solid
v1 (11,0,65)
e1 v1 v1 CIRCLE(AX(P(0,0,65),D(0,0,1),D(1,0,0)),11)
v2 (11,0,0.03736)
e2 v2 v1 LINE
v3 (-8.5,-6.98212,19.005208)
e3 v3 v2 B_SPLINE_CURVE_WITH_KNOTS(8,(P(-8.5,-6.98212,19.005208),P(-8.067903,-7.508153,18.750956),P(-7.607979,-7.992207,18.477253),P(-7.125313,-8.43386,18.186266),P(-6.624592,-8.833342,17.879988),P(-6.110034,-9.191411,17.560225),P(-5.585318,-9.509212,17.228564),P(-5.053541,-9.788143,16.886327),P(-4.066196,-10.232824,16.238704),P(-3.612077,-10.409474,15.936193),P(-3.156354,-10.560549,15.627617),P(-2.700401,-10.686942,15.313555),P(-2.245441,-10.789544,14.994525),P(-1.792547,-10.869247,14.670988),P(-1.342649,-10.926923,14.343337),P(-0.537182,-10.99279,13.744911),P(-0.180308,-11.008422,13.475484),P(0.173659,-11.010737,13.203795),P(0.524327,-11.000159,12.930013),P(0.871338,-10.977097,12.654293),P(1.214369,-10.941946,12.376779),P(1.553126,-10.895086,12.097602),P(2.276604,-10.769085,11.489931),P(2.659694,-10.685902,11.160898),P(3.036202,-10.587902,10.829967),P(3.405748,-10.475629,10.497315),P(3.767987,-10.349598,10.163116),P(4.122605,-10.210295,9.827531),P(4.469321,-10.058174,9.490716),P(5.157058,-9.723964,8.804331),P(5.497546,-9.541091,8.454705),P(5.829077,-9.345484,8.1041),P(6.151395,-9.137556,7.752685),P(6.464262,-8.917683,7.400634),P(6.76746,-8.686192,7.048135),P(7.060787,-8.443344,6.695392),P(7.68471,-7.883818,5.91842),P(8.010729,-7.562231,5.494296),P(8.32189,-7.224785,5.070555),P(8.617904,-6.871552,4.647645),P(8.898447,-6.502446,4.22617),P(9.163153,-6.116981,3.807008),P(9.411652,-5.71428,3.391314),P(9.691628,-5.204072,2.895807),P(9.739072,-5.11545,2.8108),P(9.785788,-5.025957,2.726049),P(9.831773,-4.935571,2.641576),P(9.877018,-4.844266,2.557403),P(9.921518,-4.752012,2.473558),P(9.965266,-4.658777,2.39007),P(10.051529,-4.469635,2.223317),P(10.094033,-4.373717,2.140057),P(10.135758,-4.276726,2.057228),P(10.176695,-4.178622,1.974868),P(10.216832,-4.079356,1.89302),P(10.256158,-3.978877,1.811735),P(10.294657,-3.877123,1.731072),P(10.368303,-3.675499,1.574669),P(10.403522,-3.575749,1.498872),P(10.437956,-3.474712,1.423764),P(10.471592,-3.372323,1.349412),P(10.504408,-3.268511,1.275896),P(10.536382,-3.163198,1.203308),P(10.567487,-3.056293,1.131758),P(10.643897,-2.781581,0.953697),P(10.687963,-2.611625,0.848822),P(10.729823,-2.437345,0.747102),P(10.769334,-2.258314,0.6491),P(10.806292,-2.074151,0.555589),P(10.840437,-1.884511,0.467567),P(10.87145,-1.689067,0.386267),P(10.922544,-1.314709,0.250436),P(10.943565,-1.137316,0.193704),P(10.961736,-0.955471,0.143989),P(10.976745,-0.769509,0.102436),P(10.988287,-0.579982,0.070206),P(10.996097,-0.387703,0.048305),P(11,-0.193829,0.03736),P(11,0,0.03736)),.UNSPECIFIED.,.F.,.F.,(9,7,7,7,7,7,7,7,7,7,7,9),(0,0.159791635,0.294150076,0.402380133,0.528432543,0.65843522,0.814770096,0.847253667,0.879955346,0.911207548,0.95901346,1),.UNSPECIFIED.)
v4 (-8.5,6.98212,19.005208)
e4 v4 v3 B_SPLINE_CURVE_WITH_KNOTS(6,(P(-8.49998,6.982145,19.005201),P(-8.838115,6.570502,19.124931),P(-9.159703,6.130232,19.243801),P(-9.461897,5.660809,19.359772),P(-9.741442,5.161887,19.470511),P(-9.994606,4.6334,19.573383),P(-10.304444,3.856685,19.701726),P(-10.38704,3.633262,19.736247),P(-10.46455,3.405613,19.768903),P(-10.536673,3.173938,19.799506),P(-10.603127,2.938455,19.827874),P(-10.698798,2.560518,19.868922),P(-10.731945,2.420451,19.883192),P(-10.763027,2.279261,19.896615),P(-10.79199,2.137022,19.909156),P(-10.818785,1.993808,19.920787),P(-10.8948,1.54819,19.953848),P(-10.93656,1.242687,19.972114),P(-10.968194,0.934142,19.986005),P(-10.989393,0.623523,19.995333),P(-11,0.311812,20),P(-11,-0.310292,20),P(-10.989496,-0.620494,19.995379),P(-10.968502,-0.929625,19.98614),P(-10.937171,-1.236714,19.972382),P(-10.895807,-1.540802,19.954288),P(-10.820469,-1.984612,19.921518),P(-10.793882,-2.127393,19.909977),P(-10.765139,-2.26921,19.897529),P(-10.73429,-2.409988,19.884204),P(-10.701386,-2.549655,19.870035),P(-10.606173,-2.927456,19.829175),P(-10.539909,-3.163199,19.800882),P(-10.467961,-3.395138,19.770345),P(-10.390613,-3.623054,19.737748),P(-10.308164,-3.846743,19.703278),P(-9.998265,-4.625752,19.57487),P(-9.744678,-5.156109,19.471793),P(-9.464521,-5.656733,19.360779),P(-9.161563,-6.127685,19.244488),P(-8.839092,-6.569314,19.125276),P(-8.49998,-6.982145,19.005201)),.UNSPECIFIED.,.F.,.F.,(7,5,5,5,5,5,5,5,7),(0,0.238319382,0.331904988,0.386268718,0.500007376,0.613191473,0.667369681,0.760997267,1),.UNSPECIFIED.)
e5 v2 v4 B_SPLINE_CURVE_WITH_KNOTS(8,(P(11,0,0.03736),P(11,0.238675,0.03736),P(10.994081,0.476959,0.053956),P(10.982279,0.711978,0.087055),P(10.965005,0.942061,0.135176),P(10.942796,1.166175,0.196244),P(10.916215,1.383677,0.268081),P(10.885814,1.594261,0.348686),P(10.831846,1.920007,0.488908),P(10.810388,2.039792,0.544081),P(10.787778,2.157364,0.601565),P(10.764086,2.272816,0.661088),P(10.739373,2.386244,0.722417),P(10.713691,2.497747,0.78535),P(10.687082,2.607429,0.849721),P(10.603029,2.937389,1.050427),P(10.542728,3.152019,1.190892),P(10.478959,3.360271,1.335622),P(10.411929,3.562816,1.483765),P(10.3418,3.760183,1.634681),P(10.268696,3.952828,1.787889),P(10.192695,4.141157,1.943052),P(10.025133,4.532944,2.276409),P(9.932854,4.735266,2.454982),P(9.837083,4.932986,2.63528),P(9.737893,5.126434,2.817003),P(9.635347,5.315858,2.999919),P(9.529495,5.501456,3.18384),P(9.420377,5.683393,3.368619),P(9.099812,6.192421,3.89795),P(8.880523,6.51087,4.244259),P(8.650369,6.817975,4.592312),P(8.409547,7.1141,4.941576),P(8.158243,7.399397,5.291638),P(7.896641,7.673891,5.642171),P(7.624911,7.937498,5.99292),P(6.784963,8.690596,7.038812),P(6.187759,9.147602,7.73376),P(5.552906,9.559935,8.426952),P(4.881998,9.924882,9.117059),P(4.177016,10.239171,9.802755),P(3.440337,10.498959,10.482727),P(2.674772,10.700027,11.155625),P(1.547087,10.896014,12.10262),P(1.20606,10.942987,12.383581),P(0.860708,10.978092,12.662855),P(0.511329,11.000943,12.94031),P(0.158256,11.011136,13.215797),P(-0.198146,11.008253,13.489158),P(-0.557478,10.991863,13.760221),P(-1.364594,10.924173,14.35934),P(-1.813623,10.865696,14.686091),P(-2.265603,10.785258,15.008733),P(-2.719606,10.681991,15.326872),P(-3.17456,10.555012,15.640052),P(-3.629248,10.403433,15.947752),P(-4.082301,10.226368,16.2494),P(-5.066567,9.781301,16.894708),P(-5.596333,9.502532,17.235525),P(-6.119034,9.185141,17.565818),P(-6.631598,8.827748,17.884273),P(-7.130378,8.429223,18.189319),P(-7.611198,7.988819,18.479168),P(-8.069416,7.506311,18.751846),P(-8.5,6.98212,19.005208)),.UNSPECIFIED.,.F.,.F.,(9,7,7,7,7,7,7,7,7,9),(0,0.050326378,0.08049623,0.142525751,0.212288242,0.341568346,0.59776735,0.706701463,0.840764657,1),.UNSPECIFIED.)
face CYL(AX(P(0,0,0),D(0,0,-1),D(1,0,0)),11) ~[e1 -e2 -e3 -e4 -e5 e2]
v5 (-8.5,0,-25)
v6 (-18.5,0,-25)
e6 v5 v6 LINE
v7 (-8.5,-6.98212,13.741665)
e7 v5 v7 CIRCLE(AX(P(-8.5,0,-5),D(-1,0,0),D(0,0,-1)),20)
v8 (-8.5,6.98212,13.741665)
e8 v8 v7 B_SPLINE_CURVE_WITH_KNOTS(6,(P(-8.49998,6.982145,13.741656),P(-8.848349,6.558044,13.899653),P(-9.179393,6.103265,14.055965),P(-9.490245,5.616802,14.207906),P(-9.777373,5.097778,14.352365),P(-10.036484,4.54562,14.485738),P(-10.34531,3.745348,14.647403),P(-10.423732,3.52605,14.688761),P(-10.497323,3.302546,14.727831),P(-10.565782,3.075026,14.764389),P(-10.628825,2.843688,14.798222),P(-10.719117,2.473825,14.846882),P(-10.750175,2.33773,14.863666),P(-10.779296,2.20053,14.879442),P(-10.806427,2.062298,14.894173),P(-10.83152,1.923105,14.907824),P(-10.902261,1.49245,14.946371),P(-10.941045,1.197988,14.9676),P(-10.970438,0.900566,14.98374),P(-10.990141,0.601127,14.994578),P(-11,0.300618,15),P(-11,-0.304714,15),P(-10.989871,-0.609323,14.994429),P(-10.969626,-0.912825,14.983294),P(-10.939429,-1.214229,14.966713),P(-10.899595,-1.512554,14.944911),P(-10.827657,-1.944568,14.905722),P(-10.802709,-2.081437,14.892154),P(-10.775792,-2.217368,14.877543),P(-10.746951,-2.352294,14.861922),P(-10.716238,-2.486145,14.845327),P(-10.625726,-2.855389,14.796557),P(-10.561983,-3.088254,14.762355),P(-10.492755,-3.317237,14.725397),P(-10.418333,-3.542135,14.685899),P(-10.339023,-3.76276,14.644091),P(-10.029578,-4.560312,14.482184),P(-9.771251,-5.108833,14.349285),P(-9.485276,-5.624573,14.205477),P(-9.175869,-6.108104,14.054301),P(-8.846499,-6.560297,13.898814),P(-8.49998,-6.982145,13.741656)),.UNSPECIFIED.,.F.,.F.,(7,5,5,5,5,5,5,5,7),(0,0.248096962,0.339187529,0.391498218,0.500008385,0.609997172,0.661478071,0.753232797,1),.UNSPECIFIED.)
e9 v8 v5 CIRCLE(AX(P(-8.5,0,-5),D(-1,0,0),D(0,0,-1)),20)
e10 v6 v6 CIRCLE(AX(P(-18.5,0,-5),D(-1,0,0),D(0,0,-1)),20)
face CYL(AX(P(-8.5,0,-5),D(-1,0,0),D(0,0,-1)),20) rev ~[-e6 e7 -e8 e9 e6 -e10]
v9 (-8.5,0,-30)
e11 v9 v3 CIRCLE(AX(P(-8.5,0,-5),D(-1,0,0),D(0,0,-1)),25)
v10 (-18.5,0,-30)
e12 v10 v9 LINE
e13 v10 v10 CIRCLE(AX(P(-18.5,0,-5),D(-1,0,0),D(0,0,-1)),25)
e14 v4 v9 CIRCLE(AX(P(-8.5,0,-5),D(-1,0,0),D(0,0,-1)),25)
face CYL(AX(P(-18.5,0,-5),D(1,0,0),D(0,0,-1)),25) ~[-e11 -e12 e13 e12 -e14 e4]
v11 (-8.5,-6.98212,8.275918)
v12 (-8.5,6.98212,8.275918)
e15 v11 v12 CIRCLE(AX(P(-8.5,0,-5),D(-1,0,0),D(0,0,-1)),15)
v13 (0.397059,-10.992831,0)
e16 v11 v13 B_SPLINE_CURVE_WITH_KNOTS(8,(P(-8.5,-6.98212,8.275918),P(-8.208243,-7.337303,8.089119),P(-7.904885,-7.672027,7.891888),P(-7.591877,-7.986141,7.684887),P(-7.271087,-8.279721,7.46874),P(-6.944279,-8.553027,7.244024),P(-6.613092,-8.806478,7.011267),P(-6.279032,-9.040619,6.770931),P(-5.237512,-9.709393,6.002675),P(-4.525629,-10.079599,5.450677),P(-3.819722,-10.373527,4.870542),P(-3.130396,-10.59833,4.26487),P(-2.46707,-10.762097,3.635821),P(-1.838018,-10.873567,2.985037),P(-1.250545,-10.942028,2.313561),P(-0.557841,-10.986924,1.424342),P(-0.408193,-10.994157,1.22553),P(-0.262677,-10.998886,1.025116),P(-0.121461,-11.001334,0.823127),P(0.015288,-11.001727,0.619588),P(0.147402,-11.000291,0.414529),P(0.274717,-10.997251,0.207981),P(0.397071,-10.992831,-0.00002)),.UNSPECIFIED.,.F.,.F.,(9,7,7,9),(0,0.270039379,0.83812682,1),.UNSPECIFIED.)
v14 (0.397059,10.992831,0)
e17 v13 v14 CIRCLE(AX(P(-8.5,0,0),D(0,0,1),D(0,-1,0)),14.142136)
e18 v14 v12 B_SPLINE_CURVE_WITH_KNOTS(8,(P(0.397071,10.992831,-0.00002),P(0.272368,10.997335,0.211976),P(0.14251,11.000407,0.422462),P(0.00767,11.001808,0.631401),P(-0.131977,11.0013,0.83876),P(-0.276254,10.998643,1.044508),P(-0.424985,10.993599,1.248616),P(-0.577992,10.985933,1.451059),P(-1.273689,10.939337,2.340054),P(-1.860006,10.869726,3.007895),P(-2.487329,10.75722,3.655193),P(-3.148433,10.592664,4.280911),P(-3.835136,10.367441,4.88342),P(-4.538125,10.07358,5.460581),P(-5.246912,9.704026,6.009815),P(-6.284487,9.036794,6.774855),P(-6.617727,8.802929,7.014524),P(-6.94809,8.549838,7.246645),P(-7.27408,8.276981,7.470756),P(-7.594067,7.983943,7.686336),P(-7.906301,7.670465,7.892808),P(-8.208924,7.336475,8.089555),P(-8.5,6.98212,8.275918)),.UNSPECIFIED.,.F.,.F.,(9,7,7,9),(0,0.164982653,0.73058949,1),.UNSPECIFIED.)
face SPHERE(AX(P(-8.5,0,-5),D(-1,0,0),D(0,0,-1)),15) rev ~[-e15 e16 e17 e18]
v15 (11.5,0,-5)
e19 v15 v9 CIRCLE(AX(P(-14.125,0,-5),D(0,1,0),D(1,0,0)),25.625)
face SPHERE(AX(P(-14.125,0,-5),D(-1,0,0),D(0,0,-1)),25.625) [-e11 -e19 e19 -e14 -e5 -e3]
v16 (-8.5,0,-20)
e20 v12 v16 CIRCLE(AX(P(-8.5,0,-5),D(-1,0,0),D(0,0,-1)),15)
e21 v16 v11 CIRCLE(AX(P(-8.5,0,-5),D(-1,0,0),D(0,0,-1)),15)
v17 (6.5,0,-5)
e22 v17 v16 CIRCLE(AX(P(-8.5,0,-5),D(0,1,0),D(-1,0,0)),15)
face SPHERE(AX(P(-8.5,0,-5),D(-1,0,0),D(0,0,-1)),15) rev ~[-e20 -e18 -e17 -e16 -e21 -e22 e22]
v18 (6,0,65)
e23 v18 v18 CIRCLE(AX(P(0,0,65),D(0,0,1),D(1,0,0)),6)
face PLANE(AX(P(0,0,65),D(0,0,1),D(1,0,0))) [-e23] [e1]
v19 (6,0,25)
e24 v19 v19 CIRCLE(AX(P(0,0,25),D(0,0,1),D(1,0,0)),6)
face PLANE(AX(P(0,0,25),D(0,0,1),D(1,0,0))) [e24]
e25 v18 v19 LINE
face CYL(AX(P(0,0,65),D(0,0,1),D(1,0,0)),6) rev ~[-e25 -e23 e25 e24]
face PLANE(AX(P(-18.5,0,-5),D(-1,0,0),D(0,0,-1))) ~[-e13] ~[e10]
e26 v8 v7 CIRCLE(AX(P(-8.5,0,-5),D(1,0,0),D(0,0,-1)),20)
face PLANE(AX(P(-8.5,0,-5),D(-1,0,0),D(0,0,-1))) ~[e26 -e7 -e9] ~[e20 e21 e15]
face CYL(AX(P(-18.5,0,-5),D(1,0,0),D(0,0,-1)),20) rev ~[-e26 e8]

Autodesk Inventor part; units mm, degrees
ref_plane "YZ Plane" through (0, 0, 0) normal (1, 0, 0) x (0, 1, 0)
ref_plane "XZ Plane" through (0, 0, 0) normal (0, 1, 0) x (-1, 0, 0)
ref_plane "XY Plane" through (0, 0, 0) normal (0, 0, 1) x (1, 0, 0)
sketch "Sketch2" plane through (0, 0, 0) normal (0, 0, 1) x (1, 0, 0)
  circle A0 centre (0, 0) radius 11
  dimension "d1" = 22
extrude "Extrusion1" add sketch "Sketch2" along normal blind 65
sketch "Sketch3" plane through (0, 0, 65) normal (0, 0, 1) x (1, 0, 0)
  circle A0 centre (0, 0) radius 6
  dimension "d4" = 12
extrude "Extrusion2" cut sketch "Sketch3" against normal blind 40
thread "Thread1" size "M12x1.25" class "6H" standard "ISO Metric profile" full length
sketch "Sketch6" plane through (0, 0, 0) normal (0, 1, 0) x (-1, 0, 0)
  line L0 (11, 65) -> (-11, 65) construction
  line L1 (-11.5, -5) -> (56.1068, -5) construction
  line L2 (0, 0) -> (0, -163.2122) construction
  line L3 (8.5, -107.4374) -> (8.5, -5) construction
  line L4 (18.5, -103.8042) -> (18.5, -5) construction
  circle A0 centre (8.5, -5) radius 15
  line L5 (-11.5, -59.4325) -> (-11.5, -5) construction
  circle A1 centre (8.5, -5) radius 20 construction
  line L6 (18.5, -30) -> (18.5, 20) construction
  line L7 (18.5, -30) -> (-11.5, -18.9445) construction
  line L8 (22.2477, -5) -> (22.2477, -11) construction
  line L9 (22.2477, -11) -> (58.2477, -11)
  line L10 (58.2477, -11) -> (58.2477, -5)
  line L11 (23.5, -5) -> (58.2477, -5)
  line L12 (18.5, -30) -> (-11.5, -30) construction
  line L13 (18.5, -25) -> (-11.5, -25) construction
  line L14 (8.5, -20) -> (8.5, -25)
  line L15 (8.5, -25) -> (18.5, -25)
  line L16 (18.5, -25) -> (18.5, -30)
  line L17 (18.5, -30) -> (0, -30)
  arc A2 (-11.5, -5) -> (8.5, -30) centre (14.125, -5) ccw
  line L18 (-11.5, -5) -> (-6.5, -5)
  line L19 (23.5, -5) -> (-6.5, -5)
  point P0 (18.5, -5)
  dimension "d27" = 70
  dimension "d28" = 8.5
  dimension "d30" = 30
  dimension "d31" = 30
  dimension "d32" = 5
  dimension "d33" = 50
  dimension "d34" = 6
  dimension "d35" = 36
  dimension "d36" = 5
  dimension "d37" = 10
revolve "Revolution2" add sketch "Sketch6" angle 360 about axis through (11.5, 0, -5) along (-1, 0, 0) contours A0 L14 L15 L16 L17 A2 L18
sketch "Sketch7" plane through (0, 0, 0) normal (0, 1, 0) x (-1, 0, 0)
  line L0 (23.5, -5) -> (-6.5, -5) projected
  line L1 (18.5, -30) -> (18.5, 20) construction
  line L2 (18.5, -25) -> (-11.5, -25) construction
  line L3 (8.5, -107.4374) -> (8.5, -5) construction
  line L4 (18.5, -5) -> (18.5, -25)
  line L5 (8.5, -25) -> (8.5, -5)
  line L6 (8.5, -5) -> (18.5, -5)
  line L7 (18.5, -25) -> (8.5, -25)
  point P0 (0, 0)
thread "Thread2" size "M40x1.5" class "6H" standard "ISO Metric profile" full length
revolve "Revolution6" cut sketch "Sketch6" angle 360 about axis through (11.5, 0, -5) along (-1, 0, 0) picked at (6.409, -11.3012) contours A0 L19
revolve "Revolution7" cut sketch "Sketch7" angle 360 about axis through (-23.5, 0, -5) along (1, 0, 0)
equation "\"d4\" = Screw_DIA"
equation "\"d5\" = ScrewDEPTH"
equation "\"d16\" = 55deg"
equation "\"Sketch4_Pitch\" = 1.25"
equation "\"d50\" = 55deg"
equation "\"Sketch8_Pitch\" = 1.5"
equation "\"Screw_DIA\" = 12"
equation "\"ScrewDEPTH\" = 40"
properties part number "MCEN4000:T4" material "STEEL, AISI 1040"
